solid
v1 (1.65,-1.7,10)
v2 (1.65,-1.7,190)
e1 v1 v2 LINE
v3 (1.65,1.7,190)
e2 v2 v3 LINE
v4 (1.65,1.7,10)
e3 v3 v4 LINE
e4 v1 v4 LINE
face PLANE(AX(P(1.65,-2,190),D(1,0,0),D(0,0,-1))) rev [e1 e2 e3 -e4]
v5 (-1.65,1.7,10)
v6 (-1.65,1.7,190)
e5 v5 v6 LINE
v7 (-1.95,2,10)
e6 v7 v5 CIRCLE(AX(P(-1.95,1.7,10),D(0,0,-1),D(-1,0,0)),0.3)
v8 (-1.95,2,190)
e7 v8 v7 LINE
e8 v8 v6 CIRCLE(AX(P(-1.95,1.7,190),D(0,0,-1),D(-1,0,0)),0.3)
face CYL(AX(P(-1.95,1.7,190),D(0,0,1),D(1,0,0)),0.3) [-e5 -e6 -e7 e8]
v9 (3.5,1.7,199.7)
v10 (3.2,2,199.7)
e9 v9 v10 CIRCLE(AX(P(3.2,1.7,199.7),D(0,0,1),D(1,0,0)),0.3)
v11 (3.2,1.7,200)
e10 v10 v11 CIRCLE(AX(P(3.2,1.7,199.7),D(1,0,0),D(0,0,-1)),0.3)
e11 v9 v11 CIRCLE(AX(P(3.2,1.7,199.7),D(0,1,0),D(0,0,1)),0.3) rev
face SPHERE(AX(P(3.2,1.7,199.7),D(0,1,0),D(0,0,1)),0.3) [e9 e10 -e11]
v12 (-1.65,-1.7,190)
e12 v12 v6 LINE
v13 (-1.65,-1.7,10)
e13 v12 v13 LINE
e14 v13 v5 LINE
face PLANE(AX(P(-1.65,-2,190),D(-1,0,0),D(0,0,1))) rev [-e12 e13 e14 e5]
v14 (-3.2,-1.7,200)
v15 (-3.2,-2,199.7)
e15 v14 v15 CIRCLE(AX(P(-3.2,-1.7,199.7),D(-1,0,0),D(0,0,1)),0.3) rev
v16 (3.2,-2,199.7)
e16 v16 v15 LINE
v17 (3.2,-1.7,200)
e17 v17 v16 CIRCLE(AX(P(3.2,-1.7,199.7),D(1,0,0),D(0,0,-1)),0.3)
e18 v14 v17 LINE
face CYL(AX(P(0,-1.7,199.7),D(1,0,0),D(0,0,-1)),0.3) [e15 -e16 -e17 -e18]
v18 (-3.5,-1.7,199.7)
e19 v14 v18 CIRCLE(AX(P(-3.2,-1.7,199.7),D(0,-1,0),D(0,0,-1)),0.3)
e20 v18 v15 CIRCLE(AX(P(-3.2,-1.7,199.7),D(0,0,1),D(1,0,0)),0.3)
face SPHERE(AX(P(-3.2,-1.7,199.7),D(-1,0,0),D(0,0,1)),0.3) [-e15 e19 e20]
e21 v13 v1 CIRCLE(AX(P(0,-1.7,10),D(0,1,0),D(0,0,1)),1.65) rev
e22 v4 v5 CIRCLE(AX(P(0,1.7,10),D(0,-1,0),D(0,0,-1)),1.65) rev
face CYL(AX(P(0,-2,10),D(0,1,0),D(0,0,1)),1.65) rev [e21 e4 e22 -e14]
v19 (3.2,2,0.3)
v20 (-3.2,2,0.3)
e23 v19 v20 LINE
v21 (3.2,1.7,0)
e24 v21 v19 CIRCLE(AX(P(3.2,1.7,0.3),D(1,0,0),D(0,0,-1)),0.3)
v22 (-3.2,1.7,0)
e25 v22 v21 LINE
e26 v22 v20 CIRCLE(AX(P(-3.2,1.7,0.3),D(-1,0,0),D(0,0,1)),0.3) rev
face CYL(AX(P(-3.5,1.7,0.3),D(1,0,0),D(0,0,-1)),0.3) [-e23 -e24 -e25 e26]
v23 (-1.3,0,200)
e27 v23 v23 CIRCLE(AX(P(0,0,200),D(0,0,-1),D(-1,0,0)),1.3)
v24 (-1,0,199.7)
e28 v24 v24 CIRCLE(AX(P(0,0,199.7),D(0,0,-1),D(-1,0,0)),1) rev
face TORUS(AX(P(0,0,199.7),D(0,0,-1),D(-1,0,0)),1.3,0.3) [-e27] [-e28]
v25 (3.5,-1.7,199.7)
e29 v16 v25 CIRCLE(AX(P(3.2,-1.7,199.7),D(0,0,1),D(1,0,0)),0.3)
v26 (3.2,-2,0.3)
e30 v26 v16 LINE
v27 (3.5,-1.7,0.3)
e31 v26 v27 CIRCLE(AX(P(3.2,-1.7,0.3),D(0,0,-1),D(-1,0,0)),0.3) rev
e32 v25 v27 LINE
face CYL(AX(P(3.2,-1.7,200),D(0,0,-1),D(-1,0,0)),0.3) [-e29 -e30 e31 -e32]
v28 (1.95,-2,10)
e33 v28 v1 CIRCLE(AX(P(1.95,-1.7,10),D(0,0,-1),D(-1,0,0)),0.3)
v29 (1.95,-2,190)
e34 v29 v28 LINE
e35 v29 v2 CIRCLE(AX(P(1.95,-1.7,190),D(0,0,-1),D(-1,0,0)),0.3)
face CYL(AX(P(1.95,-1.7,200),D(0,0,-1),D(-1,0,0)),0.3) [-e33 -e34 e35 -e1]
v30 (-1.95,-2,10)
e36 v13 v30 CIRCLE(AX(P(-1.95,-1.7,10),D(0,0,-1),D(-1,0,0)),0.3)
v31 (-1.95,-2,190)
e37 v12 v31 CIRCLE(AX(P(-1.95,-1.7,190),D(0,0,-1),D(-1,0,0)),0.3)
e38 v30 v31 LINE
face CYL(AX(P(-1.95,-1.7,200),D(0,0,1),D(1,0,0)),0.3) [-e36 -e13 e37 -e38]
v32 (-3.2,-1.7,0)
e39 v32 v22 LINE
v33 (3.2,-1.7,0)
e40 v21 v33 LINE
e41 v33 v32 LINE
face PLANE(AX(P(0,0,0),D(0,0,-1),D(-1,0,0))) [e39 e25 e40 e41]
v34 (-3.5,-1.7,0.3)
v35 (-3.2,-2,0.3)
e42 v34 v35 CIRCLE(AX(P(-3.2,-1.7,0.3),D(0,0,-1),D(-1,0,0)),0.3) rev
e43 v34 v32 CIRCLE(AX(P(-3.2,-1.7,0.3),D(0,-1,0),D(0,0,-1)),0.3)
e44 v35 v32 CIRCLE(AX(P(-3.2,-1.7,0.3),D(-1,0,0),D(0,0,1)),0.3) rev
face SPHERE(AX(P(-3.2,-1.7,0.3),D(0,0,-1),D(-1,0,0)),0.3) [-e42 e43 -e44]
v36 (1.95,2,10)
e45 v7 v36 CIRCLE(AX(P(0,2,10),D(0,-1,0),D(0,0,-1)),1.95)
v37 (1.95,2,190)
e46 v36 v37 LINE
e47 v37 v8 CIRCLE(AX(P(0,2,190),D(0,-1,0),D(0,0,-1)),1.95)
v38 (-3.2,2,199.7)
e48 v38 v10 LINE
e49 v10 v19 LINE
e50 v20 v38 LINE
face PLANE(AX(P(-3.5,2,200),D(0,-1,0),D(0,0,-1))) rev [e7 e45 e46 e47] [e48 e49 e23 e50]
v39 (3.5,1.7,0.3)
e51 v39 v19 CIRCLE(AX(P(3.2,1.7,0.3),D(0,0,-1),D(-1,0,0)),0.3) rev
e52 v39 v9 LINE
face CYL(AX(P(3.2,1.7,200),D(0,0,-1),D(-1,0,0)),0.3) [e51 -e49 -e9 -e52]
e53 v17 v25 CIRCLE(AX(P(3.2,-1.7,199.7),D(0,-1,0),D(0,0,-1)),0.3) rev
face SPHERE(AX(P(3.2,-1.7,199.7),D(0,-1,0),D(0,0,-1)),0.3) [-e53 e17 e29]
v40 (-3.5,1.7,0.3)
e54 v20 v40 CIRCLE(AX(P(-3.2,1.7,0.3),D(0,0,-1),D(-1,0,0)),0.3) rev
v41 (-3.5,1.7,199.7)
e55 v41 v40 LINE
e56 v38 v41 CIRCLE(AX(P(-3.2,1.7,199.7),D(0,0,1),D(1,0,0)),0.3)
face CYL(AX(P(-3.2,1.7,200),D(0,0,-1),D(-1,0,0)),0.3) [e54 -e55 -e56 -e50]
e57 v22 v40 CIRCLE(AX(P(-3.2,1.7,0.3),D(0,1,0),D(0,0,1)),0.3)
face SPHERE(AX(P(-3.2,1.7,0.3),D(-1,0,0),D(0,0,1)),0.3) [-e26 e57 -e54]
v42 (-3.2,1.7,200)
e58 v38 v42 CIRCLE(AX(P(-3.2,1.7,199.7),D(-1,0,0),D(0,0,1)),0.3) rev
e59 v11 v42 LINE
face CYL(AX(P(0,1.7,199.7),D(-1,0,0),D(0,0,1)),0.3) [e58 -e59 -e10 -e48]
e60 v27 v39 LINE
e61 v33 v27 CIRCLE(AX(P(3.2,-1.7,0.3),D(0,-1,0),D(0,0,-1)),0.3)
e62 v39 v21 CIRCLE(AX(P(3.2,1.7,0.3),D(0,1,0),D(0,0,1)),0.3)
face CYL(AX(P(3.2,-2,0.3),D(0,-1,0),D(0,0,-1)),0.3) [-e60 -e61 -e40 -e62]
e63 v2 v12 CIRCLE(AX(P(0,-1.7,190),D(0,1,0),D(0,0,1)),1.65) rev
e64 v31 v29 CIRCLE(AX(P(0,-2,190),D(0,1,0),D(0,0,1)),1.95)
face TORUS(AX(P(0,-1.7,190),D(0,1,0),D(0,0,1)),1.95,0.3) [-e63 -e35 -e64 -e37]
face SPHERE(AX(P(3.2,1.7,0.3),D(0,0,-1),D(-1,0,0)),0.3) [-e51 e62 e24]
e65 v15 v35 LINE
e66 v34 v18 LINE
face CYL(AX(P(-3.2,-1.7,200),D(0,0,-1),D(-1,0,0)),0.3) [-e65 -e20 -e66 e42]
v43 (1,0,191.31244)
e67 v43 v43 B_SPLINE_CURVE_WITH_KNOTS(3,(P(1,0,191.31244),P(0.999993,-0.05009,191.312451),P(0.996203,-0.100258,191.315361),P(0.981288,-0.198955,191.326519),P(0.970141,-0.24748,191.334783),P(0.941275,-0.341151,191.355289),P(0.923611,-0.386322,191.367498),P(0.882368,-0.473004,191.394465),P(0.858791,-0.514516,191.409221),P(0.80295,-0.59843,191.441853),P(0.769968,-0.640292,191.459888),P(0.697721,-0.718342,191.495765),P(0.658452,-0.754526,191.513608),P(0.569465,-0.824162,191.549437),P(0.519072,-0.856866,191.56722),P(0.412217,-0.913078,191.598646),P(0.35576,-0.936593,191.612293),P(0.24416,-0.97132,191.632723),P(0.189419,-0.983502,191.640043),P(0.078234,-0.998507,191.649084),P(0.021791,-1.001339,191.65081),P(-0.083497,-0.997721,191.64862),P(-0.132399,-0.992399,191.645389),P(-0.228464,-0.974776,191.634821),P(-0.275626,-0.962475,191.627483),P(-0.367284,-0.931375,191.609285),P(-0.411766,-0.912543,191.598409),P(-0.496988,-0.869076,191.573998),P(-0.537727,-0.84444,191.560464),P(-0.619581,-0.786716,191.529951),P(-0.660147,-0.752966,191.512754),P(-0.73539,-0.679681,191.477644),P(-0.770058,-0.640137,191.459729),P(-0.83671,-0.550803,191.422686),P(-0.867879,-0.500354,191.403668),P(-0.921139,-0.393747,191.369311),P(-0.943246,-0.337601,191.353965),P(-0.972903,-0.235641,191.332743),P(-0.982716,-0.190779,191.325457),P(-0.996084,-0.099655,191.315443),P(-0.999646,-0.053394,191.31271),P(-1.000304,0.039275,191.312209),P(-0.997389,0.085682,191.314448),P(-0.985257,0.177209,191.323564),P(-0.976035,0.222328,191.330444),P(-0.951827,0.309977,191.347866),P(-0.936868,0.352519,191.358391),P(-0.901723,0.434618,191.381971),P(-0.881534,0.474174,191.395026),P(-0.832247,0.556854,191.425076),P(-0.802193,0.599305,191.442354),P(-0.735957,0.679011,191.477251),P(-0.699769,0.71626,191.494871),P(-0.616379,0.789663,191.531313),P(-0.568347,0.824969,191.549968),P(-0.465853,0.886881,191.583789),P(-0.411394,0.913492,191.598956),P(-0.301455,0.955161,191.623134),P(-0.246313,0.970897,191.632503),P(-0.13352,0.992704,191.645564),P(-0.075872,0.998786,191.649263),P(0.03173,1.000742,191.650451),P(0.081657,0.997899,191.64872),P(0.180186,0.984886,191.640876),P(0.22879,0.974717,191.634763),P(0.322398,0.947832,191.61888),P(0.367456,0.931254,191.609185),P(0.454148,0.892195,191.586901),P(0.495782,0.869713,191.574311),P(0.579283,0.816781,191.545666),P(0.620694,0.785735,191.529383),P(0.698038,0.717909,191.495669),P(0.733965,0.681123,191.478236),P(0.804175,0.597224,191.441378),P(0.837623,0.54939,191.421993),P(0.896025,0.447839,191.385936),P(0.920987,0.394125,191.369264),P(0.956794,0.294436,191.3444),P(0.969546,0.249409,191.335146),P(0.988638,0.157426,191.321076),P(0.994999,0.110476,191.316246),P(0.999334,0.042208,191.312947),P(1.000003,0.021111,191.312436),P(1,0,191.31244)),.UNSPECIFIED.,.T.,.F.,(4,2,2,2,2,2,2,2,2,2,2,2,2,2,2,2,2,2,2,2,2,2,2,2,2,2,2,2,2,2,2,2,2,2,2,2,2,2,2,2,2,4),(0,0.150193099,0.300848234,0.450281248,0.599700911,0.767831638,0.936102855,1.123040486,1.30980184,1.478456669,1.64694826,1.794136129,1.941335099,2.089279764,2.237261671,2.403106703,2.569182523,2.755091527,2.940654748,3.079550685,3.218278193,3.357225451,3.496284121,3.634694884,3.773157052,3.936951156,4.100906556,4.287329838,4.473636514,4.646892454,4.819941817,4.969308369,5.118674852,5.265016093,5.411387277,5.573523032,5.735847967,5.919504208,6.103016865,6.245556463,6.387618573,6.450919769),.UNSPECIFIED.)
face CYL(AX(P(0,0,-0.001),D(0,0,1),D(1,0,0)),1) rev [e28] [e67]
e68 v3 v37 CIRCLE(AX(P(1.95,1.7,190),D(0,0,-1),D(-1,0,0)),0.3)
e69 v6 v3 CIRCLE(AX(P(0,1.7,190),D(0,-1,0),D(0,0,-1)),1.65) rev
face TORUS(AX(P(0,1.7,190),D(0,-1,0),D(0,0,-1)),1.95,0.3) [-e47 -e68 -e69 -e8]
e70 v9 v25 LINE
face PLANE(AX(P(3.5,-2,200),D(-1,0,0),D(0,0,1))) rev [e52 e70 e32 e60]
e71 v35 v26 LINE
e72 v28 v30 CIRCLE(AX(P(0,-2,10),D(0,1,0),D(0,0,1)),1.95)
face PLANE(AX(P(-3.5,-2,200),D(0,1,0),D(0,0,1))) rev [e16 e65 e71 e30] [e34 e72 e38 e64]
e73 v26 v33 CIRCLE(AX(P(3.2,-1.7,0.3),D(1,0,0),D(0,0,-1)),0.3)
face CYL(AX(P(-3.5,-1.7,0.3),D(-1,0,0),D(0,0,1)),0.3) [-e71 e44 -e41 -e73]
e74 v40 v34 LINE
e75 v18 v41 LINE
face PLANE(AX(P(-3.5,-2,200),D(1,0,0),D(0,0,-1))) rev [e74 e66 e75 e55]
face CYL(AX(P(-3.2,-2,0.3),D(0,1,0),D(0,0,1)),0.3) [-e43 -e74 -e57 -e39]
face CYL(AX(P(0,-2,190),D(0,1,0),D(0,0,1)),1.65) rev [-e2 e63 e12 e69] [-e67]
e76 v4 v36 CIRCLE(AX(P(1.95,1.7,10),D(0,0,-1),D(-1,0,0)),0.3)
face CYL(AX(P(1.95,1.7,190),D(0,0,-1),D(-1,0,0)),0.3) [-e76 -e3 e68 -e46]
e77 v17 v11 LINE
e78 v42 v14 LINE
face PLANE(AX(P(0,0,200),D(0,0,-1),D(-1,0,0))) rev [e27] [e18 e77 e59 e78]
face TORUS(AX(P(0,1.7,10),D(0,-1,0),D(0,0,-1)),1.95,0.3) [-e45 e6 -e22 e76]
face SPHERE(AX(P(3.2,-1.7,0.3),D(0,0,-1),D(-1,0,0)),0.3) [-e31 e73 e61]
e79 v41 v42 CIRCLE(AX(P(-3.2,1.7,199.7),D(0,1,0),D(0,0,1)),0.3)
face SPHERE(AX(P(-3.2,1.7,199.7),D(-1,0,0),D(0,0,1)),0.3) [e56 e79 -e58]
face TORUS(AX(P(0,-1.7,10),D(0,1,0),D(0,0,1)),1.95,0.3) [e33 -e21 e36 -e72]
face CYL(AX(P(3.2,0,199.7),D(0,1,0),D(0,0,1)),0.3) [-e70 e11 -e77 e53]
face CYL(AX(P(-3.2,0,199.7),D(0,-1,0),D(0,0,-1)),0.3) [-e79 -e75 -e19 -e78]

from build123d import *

# Parameters (mm, degrees)
ESQUISSE1_W                         = 7
ESQUISSE1_H                         = 4
BOSS_EXTRU_1_DEPTH                  = 200
ENL_V_MAT_EXTRU_1_DEPTH             = 5
ESQUISSE5_R                         = 1
ENL_V_MAT_EXTRU_3_DEPTH             = 1
ENL_V_MAT_EXTRU_3_DIRECTION_2_REACH = 202
CONG_6_R                            = 0.3


with BuildPart() as part:
    # Esquisse1 → Boss.-Extru.1 (new body)
    with BuildSketch(Plane.XY):
        Rectangle(ESQUISSE1_W, ESQUISSE1_H)
    extrude(amount=BOSS_EXTRU_1_DEPTH)

    # Esquisse2 → Enlèv. mat.-Extru.1 (cut, through all)
    with BuildSketch(Plane(origin=(0, 2, 0), x_dir=(1, 0, 0), z_dir=(0, 1, 0))):
        with BuildLine():
            Line((-1.65, -190), (-1.65, -10))
            ThreePointArc((-1.65, -10), (0, -8.35), (1.65, -10))
            Line((1.65, -10), (1.65, -190))
            ThreePointArc((1.65, -190), (0, -191.65), (-1.65, -190))
        make_face()
    extrude(amount=-ENL_V_MAT_EXTRU_1_DEPTH, mode=Mode.SUBTRACT)

    # Esquisse5 → Enlèv. mat.-Extru.3 (cut)
    with BuildSketch(Plane.XY.offset(200)):
        Circle(ESQUISSE5_R)
    extrude(amount=ENL_V_MAT_EXTRU_3_DEPTH, mode=Mode.SUBTRACT)

    # Esquisse5 → Enlèv. mat.-Extru.3 direction 2 (cut, up to next)
    with BuildSketch(Plane.XY.offset(200), mode=Mode.PRIVATE) as enl_v_mat_extru_3_direction_2_sk1:
        Circle(ESQUISSE5_R)
    enl_v_mat_extru_3_direction_2_tool1 = extrude(enl_v_mat_extru_3_direction_2_sk1.sketch, amount=-ENL_V_MAT_EXTRU_3_DIRECTION_2_REACH, mode=Mode.PRIVATE) & part.part
    add(enl_v_mat_extru_3_direction_2_tool1.solids().sort_by_distance((0, 0, 200))[0], mode=Mode.SUBTRACT)

    # Congé6
    cong_6_edges = [part.edges().sort_by_distance(p)[0] for p in [
        (-3.5, -2, 100),
        (0, -2, 0),
        (0, -2, 200),
        (3.5, -2, 100),
        (0, -2, 191.65),
        (1.65, -2, 100),
        (0, -2, 8.35),
        (-1.65, -2, 100),
        (-3.5, 2, 100),
        (-3.5, 0, 0),
        (-3.5, 0, 200),
        (3.5, 0, 0),
        (0, 2, 0),
        (3.5, 0, 200),
        (0, 2, 200),
        (-1, 0, 200),
        (3.5, 2, 100),
        (0, 2, 191.65),
        (1.65, 2, 100),
        (0, 2, 8.35),
        (-1.65, 2, 100),
    ]]
    fillet(cong_6_edges, radius=CONG_6_R)


solid = part.part
